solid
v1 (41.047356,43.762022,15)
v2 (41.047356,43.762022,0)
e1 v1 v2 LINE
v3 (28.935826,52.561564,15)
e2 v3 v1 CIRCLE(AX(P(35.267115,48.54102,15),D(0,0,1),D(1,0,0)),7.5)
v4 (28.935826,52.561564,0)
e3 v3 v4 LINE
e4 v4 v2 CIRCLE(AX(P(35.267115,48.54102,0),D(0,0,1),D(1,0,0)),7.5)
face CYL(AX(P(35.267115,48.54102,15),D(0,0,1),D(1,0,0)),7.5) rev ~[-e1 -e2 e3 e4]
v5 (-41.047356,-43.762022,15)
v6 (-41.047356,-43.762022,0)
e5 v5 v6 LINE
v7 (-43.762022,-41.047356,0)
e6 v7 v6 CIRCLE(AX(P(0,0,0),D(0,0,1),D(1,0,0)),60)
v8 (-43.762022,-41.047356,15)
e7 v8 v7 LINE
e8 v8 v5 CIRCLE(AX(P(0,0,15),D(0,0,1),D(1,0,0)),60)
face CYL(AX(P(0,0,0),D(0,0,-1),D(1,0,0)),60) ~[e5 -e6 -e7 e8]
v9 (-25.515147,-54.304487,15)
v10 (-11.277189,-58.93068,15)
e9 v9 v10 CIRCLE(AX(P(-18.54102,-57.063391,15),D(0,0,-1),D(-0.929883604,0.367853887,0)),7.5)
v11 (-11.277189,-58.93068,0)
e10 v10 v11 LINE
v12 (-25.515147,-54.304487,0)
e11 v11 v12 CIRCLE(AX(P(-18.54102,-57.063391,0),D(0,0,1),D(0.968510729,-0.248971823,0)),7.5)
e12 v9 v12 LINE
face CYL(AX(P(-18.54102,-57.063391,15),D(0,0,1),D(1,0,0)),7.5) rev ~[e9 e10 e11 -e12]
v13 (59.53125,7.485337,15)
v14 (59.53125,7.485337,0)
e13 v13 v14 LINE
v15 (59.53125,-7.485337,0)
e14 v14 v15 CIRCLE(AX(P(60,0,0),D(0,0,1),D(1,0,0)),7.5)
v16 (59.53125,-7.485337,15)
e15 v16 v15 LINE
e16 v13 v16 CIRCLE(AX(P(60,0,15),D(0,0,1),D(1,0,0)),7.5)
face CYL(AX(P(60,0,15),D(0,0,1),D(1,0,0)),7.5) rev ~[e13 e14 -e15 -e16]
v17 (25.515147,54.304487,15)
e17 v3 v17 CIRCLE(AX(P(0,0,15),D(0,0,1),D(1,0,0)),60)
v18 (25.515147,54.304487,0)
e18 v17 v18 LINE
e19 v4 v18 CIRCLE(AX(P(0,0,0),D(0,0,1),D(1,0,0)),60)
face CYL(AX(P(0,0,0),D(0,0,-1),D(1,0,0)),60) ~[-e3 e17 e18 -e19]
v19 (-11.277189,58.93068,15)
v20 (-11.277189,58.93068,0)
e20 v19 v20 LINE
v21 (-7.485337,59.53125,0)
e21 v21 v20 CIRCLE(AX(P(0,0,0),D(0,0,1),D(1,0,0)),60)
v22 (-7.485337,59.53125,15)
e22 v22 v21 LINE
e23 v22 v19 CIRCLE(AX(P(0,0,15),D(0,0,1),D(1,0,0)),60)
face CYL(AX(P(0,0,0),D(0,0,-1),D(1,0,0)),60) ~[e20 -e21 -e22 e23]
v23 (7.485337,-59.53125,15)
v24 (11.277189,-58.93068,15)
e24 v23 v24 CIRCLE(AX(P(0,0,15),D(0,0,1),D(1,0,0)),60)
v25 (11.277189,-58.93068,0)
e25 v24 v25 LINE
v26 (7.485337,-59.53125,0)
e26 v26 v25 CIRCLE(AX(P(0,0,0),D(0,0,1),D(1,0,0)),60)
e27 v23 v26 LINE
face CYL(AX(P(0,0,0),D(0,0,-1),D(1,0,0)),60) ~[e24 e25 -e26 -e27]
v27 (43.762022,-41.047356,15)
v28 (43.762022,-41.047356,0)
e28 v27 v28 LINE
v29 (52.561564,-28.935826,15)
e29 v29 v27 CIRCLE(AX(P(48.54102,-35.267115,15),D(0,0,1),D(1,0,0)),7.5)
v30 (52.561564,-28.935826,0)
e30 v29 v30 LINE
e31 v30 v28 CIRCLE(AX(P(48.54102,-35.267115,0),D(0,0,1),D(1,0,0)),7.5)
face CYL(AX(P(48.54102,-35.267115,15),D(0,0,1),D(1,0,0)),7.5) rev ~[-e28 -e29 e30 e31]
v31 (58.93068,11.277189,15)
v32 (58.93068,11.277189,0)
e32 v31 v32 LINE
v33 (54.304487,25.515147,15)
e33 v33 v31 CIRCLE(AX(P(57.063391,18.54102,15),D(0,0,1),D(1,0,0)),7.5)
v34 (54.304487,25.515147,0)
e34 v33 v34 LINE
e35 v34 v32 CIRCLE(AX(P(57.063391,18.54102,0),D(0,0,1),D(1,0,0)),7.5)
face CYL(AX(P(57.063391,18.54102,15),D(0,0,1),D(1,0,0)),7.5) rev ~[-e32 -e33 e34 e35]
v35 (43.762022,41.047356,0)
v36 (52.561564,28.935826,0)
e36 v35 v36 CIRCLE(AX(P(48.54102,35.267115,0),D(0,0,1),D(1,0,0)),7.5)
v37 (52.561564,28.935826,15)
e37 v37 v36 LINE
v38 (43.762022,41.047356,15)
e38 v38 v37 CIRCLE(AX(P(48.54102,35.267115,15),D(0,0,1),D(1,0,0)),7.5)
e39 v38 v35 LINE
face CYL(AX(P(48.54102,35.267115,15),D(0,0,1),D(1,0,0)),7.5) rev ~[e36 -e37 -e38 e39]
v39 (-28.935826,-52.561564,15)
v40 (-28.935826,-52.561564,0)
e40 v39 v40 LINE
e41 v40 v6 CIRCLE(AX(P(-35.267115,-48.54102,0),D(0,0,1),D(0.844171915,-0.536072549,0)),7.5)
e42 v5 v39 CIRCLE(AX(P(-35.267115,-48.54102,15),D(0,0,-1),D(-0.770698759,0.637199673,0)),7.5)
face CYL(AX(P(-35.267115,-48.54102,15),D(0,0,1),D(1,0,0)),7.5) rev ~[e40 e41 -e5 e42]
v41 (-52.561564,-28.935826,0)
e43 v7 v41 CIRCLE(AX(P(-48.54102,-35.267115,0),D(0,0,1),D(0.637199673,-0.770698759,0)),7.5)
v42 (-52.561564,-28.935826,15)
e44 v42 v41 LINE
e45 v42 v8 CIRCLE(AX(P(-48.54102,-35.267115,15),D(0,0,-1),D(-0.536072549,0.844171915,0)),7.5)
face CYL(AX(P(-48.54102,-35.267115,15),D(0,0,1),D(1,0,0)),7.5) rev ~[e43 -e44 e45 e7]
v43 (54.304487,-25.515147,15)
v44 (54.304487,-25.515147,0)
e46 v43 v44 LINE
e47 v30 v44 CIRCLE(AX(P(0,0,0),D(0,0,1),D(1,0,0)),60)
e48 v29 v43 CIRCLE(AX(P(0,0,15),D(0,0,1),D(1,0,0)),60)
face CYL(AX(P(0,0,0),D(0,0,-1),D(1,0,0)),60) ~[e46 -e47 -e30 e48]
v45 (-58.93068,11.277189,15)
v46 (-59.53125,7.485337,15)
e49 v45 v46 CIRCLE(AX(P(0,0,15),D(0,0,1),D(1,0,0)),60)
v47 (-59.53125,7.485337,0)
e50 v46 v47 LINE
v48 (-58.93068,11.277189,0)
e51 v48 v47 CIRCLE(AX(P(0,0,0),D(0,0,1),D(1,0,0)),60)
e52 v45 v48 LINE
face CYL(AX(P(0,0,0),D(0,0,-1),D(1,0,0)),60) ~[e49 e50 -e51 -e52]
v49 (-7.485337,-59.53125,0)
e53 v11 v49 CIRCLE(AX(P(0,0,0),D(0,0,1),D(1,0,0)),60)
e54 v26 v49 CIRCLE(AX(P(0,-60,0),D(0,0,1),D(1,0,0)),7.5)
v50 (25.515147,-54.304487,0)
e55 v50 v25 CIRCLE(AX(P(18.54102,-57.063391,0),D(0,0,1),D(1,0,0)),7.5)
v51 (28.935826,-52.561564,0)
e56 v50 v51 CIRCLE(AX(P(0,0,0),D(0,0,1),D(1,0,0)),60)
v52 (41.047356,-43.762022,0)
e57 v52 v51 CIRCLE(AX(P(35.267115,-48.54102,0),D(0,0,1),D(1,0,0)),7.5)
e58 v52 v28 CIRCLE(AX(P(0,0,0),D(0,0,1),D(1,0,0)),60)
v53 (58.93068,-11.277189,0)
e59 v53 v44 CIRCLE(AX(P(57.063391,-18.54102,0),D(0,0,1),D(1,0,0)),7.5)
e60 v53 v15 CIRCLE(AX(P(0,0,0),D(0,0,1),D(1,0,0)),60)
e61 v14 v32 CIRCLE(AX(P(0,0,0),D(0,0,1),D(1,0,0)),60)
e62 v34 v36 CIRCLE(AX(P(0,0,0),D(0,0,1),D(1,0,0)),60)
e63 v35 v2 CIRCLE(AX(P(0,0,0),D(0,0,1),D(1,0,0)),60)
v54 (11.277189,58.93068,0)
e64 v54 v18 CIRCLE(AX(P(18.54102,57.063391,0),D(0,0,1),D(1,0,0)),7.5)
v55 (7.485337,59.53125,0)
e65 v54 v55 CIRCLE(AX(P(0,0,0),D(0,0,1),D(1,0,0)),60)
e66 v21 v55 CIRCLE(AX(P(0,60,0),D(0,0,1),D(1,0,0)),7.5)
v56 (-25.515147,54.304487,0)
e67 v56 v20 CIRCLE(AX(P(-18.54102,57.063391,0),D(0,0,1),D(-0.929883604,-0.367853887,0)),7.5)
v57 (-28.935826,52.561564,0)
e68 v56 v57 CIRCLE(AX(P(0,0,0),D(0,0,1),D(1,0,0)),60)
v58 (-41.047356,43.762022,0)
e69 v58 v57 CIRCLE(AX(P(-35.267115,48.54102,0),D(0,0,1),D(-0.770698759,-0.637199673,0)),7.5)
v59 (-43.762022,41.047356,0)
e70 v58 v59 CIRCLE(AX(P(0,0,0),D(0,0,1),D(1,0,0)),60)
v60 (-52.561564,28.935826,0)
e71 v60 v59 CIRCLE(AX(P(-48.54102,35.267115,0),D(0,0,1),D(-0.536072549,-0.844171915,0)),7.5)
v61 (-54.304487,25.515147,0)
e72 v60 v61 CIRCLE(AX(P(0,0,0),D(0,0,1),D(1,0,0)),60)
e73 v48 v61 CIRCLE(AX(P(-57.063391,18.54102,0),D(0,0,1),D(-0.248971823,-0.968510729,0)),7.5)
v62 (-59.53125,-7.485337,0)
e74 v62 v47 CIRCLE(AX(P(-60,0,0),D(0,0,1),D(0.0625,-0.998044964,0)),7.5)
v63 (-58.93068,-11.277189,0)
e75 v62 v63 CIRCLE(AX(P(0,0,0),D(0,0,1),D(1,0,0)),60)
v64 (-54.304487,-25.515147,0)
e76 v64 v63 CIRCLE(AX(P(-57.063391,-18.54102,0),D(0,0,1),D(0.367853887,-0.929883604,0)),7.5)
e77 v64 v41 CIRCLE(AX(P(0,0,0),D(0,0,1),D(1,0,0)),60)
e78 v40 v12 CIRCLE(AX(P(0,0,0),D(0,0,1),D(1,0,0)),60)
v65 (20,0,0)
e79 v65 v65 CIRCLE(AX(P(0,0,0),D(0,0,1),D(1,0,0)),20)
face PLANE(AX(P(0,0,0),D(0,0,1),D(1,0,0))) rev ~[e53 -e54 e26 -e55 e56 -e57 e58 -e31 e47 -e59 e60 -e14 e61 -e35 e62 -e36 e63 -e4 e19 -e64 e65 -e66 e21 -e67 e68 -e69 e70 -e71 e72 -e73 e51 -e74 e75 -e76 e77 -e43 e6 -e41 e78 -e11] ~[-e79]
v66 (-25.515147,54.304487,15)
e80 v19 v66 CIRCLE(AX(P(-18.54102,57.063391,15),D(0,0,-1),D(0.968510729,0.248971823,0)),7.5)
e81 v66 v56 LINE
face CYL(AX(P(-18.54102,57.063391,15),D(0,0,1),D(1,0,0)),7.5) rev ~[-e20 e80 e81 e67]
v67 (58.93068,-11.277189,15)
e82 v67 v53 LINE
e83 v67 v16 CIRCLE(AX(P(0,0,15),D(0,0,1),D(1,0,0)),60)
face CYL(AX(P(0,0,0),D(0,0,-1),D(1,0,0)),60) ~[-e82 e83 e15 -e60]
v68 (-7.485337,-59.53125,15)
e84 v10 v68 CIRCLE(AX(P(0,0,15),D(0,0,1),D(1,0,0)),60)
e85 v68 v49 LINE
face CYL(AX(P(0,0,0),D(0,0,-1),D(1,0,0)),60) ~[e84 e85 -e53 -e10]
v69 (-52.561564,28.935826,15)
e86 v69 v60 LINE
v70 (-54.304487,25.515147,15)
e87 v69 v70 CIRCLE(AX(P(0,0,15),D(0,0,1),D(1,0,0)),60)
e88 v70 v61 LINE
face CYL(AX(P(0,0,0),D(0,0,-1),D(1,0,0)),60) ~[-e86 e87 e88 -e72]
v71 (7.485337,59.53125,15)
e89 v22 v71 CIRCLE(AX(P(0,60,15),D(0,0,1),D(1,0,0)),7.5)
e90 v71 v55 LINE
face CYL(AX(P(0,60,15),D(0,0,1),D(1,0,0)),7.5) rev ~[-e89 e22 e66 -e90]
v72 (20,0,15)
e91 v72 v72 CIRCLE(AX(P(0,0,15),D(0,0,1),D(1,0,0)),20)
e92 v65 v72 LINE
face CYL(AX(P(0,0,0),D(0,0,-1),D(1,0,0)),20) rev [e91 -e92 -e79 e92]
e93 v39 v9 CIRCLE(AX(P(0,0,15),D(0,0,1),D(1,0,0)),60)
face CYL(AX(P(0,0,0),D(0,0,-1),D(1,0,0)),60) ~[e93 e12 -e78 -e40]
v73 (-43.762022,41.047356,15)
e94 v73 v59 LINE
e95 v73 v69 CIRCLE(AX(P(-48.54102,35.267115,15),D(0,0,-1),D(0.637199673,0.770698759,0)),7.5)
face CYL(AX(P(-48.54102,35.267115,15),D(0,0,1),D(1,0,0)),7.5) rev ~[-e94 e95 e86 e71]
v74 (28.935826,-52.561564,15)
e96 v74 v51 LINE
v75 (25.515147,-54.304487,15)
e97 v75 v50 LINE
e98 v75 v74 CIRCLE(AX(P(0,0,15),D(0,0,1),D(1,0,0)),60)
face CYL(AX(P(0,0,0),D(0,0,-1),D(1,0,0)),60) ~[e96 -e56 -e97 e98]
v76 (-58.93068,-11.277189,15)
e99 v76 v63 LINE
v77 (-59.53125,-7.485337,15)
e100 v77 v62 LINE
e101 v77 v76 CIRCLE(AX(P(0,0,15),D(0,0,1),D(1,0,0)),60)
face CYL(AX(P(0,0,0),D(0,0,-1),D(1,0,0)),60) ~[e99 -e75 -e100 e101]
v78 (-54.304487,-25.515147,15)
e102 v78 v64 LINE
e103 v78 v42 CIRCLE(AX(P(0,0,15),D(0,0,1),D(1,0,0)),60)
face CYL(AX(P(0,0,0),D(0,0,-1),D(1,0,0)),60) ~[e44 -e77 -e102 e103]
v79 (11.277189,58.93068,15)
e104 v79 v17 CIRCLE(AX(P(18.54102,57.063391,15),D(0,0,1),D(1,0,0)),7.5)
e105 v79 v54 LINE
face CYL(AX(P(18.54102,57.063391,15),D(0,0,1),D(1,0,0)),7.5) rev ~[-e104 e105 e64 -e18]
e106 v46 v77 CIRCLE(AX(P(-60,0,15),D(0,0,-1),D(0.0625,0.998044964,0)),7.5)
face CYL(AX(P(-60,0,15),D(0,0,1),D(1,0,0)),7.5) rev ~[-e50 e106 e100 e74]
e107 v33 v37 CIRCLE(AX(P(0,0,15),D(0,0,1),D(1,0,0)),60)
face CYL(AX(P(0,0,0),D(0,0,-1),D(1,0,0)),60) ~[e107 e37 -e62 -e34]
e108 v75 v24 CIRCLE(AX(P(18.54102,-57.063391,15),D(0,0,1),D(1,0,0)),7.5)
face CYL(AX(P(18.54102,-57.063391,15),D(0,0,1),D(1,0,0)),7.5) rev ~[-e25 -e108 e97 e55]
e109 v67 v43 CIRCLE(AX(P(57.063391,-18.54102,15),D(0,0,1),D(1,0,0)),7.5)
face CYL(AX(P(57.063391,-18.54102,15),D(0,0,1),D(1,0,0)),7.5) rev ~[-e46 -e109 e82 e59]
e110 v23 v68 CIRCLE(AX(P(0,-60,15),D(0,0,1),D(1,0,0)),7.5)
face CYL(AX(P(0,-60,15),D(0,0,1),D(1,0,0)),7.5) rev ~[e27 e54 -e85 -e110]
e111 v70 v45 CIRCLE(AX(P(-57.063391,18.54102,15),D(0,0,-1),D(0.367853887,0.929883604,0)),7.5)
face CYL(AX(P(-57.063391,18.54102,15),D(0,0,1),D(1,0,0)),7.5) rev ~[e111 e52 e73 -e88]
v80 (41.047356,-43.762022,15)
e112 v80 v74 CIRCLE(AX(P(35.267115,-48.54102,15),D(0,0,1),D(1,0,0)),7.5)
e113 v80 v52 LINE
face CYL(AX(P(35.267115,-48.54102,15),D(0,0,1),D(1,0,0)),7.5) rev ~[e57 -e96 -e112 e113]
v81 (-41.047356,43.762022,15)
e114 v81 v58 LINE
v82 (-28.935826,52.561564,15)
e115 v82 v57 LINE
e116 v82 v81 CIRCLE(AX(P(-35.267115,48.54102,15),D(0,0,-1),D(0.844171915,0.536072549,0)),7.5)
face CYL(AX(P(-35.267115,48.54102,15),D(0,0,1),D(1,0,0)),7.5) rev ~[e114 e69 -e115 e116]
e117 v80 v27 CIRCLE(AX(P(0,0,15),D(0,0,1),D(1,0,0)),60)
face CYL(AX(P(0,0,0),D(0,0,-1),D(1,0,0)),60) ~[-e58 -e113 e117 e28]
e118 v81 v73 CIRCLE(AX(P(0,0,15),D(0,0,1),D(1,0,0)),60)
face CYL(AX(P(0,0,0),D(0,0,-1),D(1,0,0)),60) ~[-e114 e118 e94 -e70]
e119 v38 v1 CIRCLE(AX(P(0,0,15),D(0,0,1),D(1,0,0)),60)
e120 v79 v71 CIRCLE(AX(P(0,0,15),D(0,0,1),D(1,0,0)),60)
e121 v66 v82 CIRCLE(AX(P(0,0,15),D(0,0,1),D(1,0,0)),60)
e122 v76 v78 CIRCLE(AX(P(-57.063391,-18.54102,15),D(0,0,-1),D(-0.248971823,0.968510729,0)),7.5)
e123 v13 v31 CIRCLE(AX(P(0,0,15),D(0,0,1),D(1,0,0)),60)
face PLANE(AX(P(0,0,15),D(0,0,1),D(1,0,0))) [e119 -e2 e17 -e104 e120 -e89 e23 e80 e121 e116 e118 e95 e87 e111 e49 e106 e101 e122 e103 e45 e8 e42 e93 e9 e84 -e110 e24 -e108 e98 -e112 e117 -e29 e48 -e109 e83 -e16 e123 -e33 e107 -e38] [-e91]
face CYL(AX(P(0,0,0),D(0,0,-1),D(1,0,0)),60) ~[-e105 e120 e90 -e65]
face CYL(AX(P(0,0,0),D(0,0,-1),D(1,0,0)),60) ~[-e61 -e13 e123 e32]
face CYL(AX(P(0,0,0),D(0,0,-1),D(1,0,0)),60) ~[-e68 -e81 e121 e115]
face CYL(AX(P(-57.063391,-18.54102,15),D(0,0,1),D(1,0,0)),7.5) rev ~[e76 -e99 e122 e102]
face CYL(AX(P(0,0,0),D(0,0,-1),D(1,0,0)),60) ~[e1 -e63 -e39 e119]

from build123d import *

# Parameters (mm, degrees)
SKETCH1_R           = 60
SKETCH1_R_2         = 20
BOSS_EXTRUDE1_DEPTH = 15
SKETCH2_R           = 7.5
CUT_EXTRUDE1_DEPTH  = 15


with BuildPart() as part:
    # Sketch1 → Boss-Extrude1 (new body)
    with BuildSketch(Plane.XY):
        Circle(SKETCH1_R)
        Circle(SKETCH1_R_2, mode=Mode.SUBTRACT)
    extrude(amount=BOSS_EXTRUDE1_DEPTH)

    # Sketch2 → Cut-Extrude1 (cut)
    with BuildSketch(Plane.XY.offset(15)):
        with Locations((0, 60)):
            Circle(SKETCH2_R)
        with Locations((18.541019662, 57.063390978)):
            Circle(SKETCH2_R)
        with Locations((35.267115138, 48.541019663)):
            Circle(SKETCH2_R)
        with Locations((48.541019663, 35.267115138)):
            Circle(SKETCH2_R)
        with Locations((57.063390978, 18.541019663)):
            Circle(SKETCH2_R)
        with Locations((60, 0)):
            Circle(SKETCH2_R)
        with Locations((57.063390978, -18.541019662)):
            Circle(SKETCH2_R)
        with Locations((48.541019663, -35.267115138)):
            Circle(SKETCH2_R)
        with Locations((35.267115138, -48.541019662)):
            Circle(SKETCH2_R)
        with Locations((18.541019663, -57.063390978)):
            Circle(SKETCH2_R)
        with Locations((0, -60)):
            Circle(SKETCH2_R)
        with Locations((-18.541019662, -57.063390978)):
            Circle(SKETCH2_R)
        with Locations((-35.267115138, -48.541019663)):
            Circle(SKETCH2_R)
        with Locations((-48.541019662, -35.267115138)):
            Circle(SKETCH2_R)
        with Locations((-57.063390978, -18.541019663)):
            Circle(SKETCH2_R)
        with Locations((-60, 0)):
            Circle(SKETCH2_R)
        with Locations((-57.063390978, 18.541019662)):
            Circle(SKETCH2_R)
        with Locations((-48.541019662, 35.267115138)):
            Circle(SKETCH2_R)
        with Locations((-35.267115138, 48.541019662)):
            Circle(SKETCH2_R)
        with Locations((-18.541019662, 57.063390978)):
            Circle(SKETCH2_R)
    extrude(amount=-CUT_EXTRUDE1_DEPTH, mode=Mode.SUBTRACT)


solid = part.part
